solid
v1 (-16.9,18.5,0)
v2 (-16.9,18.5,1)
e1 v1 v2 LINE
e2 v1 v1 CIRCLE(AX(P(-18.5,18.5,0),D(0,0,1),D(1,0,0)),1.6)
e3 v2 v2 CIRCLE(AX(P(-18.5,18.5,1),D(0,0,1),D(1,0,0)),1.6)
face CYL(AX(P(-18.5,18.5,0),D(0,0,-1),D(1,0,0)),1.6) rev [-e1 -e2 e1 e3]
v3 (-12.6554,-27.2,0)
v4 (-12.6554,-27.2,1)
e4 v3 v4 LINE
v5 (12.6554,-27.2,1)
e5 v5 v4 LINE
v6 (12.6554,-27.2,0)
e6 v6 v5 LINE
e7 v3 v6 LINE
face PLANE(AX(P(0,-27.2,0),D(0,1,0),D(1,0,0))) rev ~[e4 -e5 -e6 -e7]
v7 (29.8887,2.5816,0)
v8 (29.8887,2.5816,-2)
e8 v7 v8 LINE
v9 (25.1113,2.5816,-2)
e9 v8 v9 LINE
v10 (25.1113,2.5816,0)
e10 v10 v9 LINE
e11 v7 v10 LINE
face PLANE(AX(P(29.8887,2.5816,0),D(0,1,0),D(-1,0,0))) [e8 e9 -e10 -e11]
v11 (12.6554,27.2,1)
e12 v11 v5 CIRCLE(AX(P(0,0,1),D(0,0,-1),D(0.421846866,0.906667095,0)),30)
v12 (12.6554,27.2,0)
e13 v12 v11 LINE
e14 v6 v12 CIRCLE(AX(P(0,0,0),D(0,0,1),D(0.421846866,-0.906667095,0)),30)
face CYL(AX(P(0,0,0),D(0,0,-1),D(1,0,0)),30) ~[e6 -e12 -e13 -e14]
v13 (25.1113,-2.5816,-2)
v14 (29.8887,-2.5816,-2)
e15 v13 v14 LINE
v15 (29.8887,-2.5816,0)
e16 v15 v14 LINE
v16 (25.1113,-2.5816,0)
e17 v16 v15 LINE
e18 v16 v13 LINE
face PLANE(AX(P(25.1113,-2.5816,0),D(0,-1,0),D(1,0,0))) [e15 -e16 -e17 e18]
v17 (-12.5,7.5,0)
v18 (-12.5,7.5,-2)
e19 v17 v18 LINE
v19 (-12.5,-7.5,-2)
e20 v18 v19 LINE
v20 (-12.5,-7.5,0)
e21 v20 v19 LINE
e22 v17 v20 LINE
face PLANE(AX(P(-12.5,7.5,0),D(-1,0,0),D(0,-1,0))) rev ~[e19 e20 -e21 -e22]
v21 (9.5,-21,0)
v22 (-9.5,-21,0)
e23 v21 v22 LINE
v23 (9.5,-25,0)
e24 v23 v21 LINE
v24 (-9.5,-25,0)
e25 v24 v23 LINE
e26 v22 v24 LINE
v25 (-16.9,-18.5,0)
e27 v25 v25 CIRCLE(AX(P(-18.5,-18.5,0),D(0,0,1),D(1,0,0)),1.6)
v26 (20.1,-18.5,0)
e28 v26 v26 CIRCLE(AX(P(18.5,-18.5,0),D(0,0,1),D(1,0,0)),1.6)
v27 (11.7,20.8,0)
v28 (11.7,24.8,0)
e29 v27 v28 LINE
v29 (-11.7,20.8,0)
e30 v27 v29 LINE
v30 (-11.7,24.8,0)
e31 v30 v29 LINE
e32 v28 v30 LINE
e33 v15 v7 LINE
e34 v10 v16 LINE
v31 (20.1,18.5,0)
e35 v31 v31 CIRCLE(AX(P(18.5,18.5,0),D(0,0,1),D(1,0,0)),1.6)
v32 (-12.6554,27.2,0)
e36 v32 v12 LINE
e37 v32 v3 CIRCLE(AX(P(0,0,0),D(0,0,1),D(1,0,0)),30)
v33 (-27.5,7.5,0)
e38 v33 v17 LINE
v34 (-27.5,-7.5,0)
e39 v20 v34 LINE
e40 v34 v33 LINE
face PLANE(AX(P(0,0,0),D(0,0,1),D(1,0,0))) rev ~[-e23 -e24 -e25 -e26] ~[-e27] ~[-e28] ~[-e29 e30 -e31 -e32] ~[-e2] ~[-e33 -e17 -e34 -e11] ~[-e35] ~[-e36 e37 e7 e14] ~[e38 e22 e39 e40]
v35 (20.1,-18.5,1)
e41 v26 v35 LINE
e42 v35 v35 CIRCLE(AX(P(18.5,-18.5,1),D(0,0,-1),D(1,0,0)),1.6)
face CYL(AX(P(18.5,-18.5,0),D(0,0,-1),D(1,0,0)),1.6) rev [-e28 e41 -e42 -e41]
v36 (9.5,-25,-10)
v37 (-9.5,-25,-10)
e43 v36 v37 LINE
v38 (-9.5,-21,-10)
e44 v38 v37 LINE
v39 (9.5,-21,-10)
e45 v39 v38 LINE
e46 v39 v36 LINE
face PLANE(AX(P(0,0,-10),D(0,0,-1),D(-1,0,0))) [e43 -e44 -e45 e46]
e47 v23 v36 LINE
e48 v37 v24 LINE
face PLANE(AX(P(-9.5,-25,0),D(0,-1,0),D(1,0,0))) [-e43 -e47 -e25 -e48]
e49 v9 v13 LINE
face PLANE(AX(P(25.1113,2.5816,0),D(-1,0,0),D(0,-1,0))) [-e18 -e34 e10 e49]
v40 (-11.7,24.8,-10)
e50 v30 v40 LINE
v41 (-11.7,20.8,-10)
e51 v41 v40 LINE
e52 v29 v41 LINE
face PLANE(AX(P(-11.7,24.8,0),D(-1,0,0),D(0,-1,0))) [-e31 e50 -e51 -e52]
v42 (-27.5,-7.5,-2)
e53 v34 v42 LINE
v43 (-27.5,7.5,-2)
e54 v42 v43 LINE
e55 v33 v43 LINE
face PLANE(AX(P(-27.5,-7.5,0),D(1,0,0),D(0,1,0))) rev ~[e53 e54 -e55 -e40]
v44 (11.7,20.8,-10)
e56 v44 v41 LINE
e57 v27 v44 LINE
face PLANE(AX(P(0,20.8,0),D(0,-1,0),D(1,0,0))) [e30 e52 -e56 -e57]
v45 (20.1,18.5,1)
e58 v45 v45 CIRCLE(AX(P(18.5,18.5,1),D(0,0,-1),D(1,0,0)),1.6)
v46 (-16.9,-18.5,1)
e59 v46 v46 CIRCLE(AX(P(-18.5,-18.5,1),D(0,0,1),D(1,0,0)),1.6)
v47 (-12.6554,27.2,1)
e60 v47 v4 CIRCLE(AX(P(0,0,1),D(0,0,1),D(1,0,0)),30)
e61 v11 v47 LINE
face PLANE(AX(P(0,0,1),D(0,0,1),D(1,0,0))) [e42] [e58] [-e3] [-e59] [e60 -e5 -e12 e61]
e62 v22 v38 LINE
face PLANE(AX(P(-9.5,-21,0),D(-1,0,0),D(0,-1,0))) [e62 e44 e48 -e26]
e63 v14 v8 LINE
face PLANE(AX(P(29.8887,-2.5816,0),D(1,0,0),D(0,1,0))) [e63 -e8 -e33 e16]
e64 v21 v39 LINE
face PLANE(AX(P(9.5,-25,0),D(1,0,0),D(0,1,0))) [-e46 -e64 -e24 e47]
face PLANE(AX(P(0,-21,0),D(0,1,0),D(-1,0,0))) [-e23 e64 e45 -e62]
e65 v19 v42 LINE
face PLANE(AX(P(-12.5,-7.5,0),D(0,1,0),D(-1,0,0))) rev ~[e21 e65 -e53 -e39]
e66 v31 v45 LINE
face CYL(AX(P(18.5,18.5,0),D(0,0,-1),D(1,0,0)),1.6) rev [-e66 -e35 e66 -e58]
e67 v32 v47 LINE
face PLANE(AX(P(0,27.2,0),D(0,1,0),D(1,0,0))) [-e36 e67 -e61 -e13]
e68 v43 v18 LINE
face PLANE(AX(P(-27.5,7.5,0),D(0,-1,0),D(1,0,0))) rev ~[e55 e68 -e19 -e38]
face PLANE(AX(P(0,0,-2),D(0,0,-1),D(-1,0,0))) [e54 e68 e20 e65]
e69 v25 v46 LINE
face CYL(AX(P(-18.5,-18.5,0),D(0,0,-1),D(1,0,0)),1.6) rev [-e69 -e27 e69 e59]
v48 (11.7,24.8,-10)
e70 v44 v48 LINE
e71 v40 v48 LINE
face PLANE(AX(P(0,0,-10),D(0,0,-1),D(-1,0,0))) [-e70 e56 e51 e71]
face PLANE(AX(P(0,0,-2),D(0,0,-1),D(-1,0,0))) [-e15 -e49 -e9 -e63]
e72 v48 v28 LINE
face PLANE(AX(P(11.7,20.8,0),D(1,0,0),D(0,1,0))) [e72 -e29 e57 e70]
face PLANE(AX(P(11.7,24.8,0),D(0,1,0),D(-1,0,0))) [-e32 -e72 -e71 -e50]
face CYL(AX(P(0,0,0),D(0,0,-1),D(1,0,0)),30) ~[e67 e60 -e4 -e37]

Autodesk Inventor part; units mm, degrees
ref_plane "YZ Plane" through (0, 0, 0) normal (1, 0, 0) x (0, 1, 0)
ref_plane "XZ Plane" through (0, 0, 0) normal (0, 1, 0) x (-1, 0, 0)
ref_plane "XY Plane" through (0, 0, 0) normal (0, 0, 1) x (1, 0, 0)
sketch "Szkic1" plane through (0, 0, 0) normal (0, 0, 1) x (1, 0, 0)
  circle A0 centre (0, 0) radius 30
  line L0 (0, 0) -> (0, 27.2)
  line L1 (0, 0) -> (0, -27.2)
  line L2 (0, -27.2) -> (12.6554, -27.2)
  line L3 (0, -27.2) -> (-12.6554, -27.2)
  line L4 (0, 27.2) -> (12.6554, 27.2)
  line L5 (0, 27.2) -> (-12.6554, 27.2)
  line L6 (0, 0) -> (0, 18.5)
  line L7 (0, 18.5) -> (-18.5, 18.5)
  line L8 (0, 18.5) -> (18.5, 18.5)
  line L9 (18.5, 18.5) -> (18.5, -18.5)
  line L10 (18.5, -18.5) -> (-18.5, -18.5)
  circle A1 centre (18.5, 18.5) radius 1.6
  circle A2 centre (18.5, -18.5) radius 1.6
  circle A3 centre (-18.5, -18.5) radius 1.6
  circle A4 centre (-18.5, 18.5) radius 1.6
  dimension "d0" = 60
  dimension "d1" = 27.2
  dimension "d2" = 27.2
  dimension "d3" = 18.5
  dimension "d4" = 18.5
  dimension "d5" = 18.5
  dimension "d6" = 37
  dimension "d7" = 37
  dimension "d8" = 3.2
  dimension "d9" = 3.2
  dimension "d10" = 3.2
  dimension "d11" = 3.2
extrude "Wyciągnięcie proste1" add sketch "Szkic1" along normal blind 1 contours A0 L2 L1 L10 A2 L9 A1 L8 L0 L4 | L5 L0 L1 L3 A0 | L8 A1 L9 A2 L10 L1 L0
sketch "Szkic2" plane through (0, 0, 0) normal (0, 0, -1) x (-1, 0, 0)
  line L0 (0, 0) -> (0, -21.6)
  line L1 (0, -21.6) -> (8.8, -21.6)
  line L2 (8.8, -21.6) -> (8.8, -24)
  line L3 (8.8, -24) -> (-8.8, -24)
  line L4 (-8.8, -24) -> (-8.8, -21.6)
  line L5 (-8.8, -21.6) -> (0, -21.6)
  line L6 (9.5, -25) -> (-9.5, -25)
  line L7 (-9.5, -25) -> (-9.5, -21)
  line L8 (-9.5, -21) -> (9.5, -21)
  line L9 (9.5, -21) -> (9.5, -25)
  line L10 (9.5, -25) -> (-9.5, -21) construction
  line L11 (-9.5, -25) -> (9.5, -21) construction
  line L12 (0, 0) -> (0, 22.8)
  line L13 (11.7, 20.8) -> (-11.7, 20.8)
  line L14 (-11.7, 20.8) -> (-11.7, 24.8)
  line L15 (-11.7, 24.8) -> (11.7, 24.8)
  line L16 (11.7, 24.8) -> (11.7, 20.8)
  line L17 (11.7, 20.8) -> (-11.7, 24.8) construction
  line L18 (-11.7, 20.8) -> (11.7, 24.8) construction
  arc A0 (-12.6554, 27.2) -> (-12.6554, -27.2) centre (0, 0) ccw projected
  line L19 (-25.1113, -2.5816) -> (-29.8887, -2.5816)
  line L20 (-29.8887, -2.5816) -> (-29.8887, 2.5816)
  line L21 (-29.8887, 2.5816) -> (-25.1113, 2.5816)
  line L22 (-25.1113, 2.5816) -> (-25.1113, -2.5816)
  line L23 (-25.1113, -2.5816) -> (-29.8887, 2.5816) construction
  line L24 (-29.8887, -2.5816) -> (-25.1113, 2.5816) construction
  line L25 (12.5, -7.5) -> (27.5, -7.5)
  line L26 (27.5, -7.5) -> (27.5, 7.5)
  line L27 (27.5, 7.5) -> (12.5, 7.5)
  line L28 (12.5, 7.5) -> (12.5, -7.5)
  line L29 (12.5, -7.5) -> (27.5, 7.5) construction
  line L30 (27.5, -7.5) -> (12.5, 7.5) construction
  point P0 (0, -23)
  point P1 (-27.5, 0)
  point P2 (20, 0)
  dimension "d14" = 21.6
  dimension "d15" = 8.8
  dimension "d16" = 2.4
  dimension "d17" = 17.6
  dimension "d19" = 19
  dimension "d20" = 4
  dimension "d21" = 22.8
  dimension "d22" = 23.4
  dimension "d23" = 4
  dimension "d24" = 15
  dimension "d25" = 15
extrude "Wyciągnięcie proste2" add sketch "Szkic2" along normal blind 2 contours L1 L2 L3 L4 L5 | L8 L9 L6 L7 | L13 L14 L15 L16 | L21 L22 L19 L20 | L28 L27 L26 L25
sketch "Szkic3" plane through (0, 0, -2) normal (0, 0, -1) x (-1, 0, 0)
  line L0 (-9.5, -21) -> (-9.5, -25) projected
  line L1 (-9.5, -21) -> (9.5, -21) projected
  line L2 (-9.5, -21) -> (9.5, -21)
  line L3 (9.5, -21) -> (9.5, -25) projected
  line L4 (9.5, -21) -> (9.5, -25)
  line L5 (-9.5, -25) -> (9.5, -25) projected
  line L6 (9.5, -25) -> (-9.5, -25)
  line L7 (-9.5, -25) -> (-9.5, -21)
  line L8 (11.7, 24.8) -> (-11.7, 24.8) projected
  line L9 (-11.7, 24.8) -> (11.7, 24.8)
  line L10 (11.7, 20.8) -> (11.7, 24.8) projected
  line L11 (11.7, 24.8) -> (11.7, 20.8)
  line L12 (-11.7, 20.8) -> (11.7, 20.8) projected
  line L13 (11.7, 20.8) -> (-11.7, 20.8)
  line L14 (-11.7, 20.8) -> (-11.7, 24.8) projected
  line L15 (-11.7, 20.8) -> (-11.7, 24.8)
  point P0 (0, 0)
extrude "Wyciągnięcie proste3" add sketch "Szkic3" along normal blind 8
sketch "Szkic4" plane through (0, 0, -10) normal (0, 0, -1) x (-1, 0, 0)
  line L0 (-11.7, 20.8) -> (-11.7, 24.8) projected
  line L1 (-11.7, 20.8) -> (-11.7, 22.8)
  line L2 (-11.7, 22.8) -> (11.7, 22.8)
  line L3 (11.7, 24.8) -> (11.7, 20.8) projected
  point P0 (0, 0)
sketch "Szkic5" plane through (0, 0, 0) normal (0, 0, -1) x (-1, 0, 0)
  point P0 (0, 0)
properties part number "Zestaw startowy Cansat"
